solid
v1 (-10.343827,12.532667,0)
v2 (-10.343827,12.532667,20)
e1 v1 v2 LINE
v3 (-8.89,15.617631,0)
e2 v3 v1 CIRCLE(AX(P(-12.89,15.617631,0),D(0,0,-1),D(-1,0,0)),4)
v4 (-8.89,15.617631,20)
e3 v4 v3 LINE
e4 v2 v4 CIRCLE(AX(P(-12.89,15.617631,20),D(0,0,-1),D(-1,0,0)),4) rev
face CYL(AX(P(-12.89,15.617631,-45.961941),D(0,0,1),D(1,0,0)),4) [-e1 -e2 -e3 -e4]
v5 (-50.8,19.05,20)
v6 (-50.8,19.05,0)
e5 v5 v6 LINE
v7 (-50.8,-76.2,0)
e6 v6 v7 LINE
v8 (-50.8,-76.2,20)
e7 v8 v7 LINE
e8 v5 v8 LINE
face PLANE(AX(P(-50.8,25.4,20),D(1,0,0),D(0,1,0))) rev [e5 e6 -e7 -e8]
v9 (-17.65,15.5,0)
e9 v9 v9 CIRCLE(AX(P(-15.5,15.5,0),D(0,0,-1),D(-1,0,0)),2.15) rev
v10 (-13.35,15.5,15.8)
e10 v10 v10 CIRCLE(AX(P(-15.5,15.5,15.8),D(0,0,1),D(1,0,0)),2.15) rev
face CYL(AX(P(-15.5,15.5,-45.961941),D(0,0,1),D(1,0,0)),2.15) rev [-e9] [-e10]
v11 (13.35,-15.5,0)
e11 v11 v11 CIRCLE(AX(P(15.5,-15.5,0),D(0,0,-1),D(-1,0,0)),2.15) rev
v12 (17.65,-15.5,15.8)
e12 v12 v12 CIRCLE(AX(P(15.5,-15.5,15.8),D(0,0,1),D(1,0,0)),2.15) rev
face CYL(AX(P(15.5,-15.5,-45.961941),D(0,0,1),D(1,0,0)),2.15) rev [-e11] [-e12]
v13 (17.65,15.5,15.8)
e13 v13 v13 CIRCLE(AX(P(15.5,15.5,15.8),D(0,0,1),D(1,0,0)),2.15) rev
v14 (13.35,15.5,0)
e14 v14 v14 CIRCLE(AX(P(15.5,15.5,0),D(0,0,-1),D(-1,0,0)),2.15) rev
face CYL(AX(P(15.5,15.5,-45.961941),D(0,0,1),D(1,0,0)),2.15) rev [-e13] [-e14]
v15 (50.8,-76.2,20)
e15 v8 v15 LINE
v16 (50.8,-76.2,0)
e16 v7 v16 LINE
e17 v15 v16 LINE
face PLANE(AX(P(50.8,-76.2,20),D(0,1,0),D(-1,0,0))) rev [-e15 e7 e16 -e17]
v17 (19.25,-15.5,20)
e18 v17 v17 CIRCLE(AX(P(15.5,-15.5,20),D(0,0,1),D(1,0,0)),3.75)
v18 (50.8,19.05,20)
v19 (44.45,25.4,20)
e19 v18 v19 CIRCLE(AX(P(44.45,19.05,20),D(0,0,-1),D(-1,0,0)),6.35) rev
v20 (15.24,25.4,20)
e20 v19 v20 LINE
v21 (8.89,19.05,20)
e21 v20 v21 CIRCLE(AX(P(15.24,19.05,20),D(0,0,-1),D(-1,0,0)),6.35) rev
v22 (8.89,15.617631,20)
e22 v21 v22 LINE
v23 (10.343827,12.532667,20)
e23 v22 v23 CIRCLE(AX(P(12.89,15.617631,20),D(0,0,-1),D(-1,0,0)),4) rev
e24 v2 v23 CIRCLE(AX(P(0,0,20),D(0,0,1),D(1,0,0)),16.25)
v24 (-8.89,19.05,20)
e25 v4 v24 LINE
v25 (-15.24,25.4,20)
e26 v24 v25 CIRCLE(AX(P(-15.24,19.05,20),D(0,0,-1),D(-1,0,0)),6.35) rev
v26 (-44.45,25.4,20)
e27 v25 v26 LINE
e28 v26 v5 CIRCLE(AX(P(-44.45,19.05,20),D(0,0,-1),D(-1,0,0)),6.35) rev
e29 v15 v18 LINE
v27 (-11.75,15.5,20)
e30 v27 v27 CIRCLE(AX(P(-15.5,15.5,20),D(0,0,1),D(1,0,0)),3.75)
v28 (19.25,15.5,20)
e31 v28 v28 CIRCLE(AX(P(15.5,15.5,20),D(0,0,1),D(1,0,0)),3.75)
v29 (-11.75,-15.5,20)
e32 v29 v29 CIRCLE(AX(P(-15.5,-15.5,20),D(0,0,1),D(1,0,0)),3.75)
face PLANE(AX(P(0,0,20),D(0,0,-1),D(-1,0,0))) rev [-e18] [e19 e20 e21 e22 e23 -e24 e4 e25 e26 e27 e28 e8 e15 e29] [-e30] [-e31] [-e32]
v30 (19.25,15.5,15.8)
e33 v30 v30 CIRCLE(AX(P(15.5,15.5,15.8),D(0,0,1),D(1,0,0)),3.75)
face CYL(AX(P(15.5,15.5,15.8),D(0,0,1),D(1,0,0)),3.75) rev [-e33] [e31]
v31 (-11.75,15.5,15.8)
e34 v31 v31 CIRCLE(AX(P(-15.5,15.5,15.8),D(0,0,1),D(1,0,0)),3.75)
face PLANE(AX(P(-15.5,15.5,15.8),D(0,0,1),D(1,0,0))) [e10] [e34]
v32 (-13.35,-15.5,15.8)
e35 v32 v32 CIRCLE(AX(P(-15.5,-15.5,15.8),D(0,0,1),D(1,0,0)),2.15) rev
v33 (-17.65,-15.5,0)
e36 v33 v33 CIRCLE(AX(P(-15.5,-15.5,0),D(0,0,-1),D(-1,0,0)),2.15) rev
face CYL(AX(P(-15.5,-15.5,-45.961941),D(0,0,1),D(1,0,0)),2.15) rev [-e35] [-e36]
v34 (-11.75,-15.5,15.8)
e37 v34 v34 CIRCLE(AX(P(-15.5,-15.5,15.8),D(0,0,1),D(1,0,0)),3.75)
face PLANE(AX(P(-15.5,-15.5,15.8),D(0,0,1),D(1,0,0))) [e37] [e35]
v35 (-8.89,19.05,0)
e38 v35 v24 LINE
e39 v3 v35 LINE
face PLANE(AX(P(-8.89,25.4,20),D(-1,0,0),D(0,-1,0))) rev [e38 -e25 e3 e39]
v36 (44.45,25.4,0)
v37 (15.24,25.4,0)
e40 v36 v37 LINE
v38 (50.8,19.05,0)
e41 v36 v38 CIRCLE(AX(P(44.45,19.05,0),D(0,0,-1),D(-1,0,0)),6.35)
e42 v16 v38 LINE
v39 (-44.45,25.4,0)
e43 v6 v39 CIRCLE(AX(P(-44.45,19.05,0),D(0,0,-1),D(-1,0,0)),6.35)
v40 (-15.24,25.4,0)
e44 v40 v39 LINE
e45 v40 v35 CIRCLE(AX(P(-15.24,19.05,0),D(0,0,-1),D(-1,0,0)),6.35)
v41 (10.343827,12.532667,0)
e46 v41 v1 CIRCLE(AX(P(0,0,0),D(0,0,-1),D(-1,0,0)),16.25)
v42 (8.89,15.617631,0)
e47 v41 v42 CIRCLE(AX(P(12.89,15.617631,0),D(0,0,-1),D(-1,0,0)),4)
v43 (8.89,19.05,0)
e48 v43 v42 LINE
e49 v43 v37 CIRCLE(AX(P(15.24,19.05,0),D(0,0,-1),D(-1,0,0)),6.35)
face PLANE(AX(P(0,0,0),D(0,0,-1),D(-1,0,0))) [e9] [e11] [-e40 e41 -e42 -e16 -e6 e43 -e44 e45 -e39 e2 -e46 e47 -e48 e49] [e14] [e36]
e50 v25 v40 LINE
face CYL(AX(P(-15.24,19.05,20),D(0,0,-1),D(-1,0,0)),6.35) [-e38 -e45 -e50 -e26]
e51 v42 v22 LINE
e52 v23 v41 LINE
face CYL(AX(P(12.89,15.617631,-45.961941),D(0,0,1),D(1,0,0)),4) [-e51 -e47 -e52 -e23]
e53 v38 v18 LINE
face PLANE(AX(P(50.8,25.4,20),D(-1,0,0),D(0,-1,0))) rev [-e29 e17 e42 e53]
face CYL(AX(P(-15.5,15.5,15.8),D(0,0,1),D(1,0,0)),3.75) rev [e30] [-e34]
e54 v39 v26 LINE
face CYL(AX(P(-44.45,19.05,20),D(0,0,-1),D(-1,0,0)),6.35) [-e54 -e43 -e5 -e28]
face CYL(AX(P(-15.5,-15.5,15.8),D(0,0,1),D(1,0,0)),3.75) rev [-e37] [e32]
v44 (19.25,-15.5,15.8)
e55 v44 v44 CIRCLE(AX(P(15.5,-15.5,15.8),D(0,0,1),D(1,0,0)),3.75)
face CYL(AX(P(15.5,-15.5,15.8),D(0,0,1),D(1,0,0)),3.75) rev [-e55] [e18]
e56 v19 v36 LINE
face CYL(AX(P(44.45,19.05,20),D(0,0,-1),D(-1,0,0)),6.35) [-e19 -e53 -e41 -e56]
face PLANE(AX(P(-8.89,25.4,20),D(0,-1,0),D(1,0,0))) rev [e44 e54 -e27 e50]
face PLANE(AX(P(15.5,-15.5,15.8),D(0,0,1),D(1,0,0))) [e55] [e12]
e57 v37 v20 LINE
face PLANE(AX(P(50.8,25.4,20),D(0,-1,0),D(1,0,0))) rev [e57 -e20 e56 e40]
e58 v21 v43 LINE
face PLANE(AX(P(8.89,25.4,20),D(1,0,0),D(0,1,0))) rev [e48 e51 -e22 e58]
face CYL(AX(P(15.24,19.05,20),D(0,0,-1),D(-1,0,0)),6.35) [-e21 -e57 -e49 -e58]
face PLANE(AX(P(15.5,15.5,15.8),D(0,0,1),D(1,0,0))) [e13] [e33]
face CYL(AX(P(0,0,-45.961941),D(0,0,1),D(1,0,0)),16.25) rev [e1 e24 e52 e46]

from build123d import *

# Parameters (mm, degrees)
BOSS_EXTRUDE1_DEPTH = 20
SKETCH2_R           = 16.25
SKETCH2_R_2         = 2.15
CUT_EXTRUDE1_DEPTH  = 20
SKETCH5_R           = 3.75
CUT_EXTRUDE4_DEPTH  = 4.2
FILLET3_R           = 4
FILLET4_R           = 6.35


with BuildPart() as part:
    # Sketch1 → Boss-Extrude1 (new body)
    with BuildSketch(Plane.XY):
        Polygon((50.8, 25.4), (8.89, 25.4), (8.89, 13.302928249), (-8.89, 13.302928249), (-8.89, 25.4), (-50.8, 25.4), (-50.8, -76.2), (50.8, -76.2), align=None)
    extrude(amount=BOSS_EXTRUDE1_DEPTH)

    # Sketch2 → Cut-Extrude1 (cut)
    with BuildSketch(Plane.XY.offset(20)):
        Circle(SKETCH2_R)
        with Locations((-15.5, -15.5)):
            Circle(SKETCH2_R_2)
        with Locations((-15.5, 15.5)):
            Circle(SKETCH2_R_2)
        with Locations((15.5, -15.5)):
            Circle(SKETCH2_R_2)
        with Locations((15.5, 15.5)):
            Circle(SKETCH2_R_2)
    extrude(amount=-CUT_EXTRUDE1_DEPTH, mode=Mode.SUBTRACT)

    # Sketch5 → Cut-Extrude4 (cut)
    with BuildSketch(Plane.XY.offset(20)):
        with Locations((-15.5, 15.5)):
            Circle(SKETCH5_R)
        with Locations((15.5, 15.5)):
            Circle(SKETCH5_R)
        with Locations((15.5, -15.5)):
            Circle(SKETCH5_R)
        with Locations((-15.5, -15.5)):
            Circle(SKETCH5_R)
    extrude(amount=-CUT_EXTRUDE4_DEPTH, mode=Mode.SUBTRACT)

    # Fillet3
    fillet3_edges = [part.edges().sort_by_distance(p)[0] for p in [
        (8.89, 13.602587989, 10),
        (-8.89, 13.602587989, 10),
    ]]
    fillet(fillet3_edges, radius=FILLET3_R)

    # Fillet4
    fillet4_edges = [part.edges().sort_by_distance(p)[0] for p in [
        (-50.8, 25.4, 10),
        (-8.89, 25.4, 10),
        (8.89, 25.4, 10),
        (50.8, 25.4, 10),
    ]]
    fillet(fillet4_edges, radius=FILLET4_R)


solid = part.part
